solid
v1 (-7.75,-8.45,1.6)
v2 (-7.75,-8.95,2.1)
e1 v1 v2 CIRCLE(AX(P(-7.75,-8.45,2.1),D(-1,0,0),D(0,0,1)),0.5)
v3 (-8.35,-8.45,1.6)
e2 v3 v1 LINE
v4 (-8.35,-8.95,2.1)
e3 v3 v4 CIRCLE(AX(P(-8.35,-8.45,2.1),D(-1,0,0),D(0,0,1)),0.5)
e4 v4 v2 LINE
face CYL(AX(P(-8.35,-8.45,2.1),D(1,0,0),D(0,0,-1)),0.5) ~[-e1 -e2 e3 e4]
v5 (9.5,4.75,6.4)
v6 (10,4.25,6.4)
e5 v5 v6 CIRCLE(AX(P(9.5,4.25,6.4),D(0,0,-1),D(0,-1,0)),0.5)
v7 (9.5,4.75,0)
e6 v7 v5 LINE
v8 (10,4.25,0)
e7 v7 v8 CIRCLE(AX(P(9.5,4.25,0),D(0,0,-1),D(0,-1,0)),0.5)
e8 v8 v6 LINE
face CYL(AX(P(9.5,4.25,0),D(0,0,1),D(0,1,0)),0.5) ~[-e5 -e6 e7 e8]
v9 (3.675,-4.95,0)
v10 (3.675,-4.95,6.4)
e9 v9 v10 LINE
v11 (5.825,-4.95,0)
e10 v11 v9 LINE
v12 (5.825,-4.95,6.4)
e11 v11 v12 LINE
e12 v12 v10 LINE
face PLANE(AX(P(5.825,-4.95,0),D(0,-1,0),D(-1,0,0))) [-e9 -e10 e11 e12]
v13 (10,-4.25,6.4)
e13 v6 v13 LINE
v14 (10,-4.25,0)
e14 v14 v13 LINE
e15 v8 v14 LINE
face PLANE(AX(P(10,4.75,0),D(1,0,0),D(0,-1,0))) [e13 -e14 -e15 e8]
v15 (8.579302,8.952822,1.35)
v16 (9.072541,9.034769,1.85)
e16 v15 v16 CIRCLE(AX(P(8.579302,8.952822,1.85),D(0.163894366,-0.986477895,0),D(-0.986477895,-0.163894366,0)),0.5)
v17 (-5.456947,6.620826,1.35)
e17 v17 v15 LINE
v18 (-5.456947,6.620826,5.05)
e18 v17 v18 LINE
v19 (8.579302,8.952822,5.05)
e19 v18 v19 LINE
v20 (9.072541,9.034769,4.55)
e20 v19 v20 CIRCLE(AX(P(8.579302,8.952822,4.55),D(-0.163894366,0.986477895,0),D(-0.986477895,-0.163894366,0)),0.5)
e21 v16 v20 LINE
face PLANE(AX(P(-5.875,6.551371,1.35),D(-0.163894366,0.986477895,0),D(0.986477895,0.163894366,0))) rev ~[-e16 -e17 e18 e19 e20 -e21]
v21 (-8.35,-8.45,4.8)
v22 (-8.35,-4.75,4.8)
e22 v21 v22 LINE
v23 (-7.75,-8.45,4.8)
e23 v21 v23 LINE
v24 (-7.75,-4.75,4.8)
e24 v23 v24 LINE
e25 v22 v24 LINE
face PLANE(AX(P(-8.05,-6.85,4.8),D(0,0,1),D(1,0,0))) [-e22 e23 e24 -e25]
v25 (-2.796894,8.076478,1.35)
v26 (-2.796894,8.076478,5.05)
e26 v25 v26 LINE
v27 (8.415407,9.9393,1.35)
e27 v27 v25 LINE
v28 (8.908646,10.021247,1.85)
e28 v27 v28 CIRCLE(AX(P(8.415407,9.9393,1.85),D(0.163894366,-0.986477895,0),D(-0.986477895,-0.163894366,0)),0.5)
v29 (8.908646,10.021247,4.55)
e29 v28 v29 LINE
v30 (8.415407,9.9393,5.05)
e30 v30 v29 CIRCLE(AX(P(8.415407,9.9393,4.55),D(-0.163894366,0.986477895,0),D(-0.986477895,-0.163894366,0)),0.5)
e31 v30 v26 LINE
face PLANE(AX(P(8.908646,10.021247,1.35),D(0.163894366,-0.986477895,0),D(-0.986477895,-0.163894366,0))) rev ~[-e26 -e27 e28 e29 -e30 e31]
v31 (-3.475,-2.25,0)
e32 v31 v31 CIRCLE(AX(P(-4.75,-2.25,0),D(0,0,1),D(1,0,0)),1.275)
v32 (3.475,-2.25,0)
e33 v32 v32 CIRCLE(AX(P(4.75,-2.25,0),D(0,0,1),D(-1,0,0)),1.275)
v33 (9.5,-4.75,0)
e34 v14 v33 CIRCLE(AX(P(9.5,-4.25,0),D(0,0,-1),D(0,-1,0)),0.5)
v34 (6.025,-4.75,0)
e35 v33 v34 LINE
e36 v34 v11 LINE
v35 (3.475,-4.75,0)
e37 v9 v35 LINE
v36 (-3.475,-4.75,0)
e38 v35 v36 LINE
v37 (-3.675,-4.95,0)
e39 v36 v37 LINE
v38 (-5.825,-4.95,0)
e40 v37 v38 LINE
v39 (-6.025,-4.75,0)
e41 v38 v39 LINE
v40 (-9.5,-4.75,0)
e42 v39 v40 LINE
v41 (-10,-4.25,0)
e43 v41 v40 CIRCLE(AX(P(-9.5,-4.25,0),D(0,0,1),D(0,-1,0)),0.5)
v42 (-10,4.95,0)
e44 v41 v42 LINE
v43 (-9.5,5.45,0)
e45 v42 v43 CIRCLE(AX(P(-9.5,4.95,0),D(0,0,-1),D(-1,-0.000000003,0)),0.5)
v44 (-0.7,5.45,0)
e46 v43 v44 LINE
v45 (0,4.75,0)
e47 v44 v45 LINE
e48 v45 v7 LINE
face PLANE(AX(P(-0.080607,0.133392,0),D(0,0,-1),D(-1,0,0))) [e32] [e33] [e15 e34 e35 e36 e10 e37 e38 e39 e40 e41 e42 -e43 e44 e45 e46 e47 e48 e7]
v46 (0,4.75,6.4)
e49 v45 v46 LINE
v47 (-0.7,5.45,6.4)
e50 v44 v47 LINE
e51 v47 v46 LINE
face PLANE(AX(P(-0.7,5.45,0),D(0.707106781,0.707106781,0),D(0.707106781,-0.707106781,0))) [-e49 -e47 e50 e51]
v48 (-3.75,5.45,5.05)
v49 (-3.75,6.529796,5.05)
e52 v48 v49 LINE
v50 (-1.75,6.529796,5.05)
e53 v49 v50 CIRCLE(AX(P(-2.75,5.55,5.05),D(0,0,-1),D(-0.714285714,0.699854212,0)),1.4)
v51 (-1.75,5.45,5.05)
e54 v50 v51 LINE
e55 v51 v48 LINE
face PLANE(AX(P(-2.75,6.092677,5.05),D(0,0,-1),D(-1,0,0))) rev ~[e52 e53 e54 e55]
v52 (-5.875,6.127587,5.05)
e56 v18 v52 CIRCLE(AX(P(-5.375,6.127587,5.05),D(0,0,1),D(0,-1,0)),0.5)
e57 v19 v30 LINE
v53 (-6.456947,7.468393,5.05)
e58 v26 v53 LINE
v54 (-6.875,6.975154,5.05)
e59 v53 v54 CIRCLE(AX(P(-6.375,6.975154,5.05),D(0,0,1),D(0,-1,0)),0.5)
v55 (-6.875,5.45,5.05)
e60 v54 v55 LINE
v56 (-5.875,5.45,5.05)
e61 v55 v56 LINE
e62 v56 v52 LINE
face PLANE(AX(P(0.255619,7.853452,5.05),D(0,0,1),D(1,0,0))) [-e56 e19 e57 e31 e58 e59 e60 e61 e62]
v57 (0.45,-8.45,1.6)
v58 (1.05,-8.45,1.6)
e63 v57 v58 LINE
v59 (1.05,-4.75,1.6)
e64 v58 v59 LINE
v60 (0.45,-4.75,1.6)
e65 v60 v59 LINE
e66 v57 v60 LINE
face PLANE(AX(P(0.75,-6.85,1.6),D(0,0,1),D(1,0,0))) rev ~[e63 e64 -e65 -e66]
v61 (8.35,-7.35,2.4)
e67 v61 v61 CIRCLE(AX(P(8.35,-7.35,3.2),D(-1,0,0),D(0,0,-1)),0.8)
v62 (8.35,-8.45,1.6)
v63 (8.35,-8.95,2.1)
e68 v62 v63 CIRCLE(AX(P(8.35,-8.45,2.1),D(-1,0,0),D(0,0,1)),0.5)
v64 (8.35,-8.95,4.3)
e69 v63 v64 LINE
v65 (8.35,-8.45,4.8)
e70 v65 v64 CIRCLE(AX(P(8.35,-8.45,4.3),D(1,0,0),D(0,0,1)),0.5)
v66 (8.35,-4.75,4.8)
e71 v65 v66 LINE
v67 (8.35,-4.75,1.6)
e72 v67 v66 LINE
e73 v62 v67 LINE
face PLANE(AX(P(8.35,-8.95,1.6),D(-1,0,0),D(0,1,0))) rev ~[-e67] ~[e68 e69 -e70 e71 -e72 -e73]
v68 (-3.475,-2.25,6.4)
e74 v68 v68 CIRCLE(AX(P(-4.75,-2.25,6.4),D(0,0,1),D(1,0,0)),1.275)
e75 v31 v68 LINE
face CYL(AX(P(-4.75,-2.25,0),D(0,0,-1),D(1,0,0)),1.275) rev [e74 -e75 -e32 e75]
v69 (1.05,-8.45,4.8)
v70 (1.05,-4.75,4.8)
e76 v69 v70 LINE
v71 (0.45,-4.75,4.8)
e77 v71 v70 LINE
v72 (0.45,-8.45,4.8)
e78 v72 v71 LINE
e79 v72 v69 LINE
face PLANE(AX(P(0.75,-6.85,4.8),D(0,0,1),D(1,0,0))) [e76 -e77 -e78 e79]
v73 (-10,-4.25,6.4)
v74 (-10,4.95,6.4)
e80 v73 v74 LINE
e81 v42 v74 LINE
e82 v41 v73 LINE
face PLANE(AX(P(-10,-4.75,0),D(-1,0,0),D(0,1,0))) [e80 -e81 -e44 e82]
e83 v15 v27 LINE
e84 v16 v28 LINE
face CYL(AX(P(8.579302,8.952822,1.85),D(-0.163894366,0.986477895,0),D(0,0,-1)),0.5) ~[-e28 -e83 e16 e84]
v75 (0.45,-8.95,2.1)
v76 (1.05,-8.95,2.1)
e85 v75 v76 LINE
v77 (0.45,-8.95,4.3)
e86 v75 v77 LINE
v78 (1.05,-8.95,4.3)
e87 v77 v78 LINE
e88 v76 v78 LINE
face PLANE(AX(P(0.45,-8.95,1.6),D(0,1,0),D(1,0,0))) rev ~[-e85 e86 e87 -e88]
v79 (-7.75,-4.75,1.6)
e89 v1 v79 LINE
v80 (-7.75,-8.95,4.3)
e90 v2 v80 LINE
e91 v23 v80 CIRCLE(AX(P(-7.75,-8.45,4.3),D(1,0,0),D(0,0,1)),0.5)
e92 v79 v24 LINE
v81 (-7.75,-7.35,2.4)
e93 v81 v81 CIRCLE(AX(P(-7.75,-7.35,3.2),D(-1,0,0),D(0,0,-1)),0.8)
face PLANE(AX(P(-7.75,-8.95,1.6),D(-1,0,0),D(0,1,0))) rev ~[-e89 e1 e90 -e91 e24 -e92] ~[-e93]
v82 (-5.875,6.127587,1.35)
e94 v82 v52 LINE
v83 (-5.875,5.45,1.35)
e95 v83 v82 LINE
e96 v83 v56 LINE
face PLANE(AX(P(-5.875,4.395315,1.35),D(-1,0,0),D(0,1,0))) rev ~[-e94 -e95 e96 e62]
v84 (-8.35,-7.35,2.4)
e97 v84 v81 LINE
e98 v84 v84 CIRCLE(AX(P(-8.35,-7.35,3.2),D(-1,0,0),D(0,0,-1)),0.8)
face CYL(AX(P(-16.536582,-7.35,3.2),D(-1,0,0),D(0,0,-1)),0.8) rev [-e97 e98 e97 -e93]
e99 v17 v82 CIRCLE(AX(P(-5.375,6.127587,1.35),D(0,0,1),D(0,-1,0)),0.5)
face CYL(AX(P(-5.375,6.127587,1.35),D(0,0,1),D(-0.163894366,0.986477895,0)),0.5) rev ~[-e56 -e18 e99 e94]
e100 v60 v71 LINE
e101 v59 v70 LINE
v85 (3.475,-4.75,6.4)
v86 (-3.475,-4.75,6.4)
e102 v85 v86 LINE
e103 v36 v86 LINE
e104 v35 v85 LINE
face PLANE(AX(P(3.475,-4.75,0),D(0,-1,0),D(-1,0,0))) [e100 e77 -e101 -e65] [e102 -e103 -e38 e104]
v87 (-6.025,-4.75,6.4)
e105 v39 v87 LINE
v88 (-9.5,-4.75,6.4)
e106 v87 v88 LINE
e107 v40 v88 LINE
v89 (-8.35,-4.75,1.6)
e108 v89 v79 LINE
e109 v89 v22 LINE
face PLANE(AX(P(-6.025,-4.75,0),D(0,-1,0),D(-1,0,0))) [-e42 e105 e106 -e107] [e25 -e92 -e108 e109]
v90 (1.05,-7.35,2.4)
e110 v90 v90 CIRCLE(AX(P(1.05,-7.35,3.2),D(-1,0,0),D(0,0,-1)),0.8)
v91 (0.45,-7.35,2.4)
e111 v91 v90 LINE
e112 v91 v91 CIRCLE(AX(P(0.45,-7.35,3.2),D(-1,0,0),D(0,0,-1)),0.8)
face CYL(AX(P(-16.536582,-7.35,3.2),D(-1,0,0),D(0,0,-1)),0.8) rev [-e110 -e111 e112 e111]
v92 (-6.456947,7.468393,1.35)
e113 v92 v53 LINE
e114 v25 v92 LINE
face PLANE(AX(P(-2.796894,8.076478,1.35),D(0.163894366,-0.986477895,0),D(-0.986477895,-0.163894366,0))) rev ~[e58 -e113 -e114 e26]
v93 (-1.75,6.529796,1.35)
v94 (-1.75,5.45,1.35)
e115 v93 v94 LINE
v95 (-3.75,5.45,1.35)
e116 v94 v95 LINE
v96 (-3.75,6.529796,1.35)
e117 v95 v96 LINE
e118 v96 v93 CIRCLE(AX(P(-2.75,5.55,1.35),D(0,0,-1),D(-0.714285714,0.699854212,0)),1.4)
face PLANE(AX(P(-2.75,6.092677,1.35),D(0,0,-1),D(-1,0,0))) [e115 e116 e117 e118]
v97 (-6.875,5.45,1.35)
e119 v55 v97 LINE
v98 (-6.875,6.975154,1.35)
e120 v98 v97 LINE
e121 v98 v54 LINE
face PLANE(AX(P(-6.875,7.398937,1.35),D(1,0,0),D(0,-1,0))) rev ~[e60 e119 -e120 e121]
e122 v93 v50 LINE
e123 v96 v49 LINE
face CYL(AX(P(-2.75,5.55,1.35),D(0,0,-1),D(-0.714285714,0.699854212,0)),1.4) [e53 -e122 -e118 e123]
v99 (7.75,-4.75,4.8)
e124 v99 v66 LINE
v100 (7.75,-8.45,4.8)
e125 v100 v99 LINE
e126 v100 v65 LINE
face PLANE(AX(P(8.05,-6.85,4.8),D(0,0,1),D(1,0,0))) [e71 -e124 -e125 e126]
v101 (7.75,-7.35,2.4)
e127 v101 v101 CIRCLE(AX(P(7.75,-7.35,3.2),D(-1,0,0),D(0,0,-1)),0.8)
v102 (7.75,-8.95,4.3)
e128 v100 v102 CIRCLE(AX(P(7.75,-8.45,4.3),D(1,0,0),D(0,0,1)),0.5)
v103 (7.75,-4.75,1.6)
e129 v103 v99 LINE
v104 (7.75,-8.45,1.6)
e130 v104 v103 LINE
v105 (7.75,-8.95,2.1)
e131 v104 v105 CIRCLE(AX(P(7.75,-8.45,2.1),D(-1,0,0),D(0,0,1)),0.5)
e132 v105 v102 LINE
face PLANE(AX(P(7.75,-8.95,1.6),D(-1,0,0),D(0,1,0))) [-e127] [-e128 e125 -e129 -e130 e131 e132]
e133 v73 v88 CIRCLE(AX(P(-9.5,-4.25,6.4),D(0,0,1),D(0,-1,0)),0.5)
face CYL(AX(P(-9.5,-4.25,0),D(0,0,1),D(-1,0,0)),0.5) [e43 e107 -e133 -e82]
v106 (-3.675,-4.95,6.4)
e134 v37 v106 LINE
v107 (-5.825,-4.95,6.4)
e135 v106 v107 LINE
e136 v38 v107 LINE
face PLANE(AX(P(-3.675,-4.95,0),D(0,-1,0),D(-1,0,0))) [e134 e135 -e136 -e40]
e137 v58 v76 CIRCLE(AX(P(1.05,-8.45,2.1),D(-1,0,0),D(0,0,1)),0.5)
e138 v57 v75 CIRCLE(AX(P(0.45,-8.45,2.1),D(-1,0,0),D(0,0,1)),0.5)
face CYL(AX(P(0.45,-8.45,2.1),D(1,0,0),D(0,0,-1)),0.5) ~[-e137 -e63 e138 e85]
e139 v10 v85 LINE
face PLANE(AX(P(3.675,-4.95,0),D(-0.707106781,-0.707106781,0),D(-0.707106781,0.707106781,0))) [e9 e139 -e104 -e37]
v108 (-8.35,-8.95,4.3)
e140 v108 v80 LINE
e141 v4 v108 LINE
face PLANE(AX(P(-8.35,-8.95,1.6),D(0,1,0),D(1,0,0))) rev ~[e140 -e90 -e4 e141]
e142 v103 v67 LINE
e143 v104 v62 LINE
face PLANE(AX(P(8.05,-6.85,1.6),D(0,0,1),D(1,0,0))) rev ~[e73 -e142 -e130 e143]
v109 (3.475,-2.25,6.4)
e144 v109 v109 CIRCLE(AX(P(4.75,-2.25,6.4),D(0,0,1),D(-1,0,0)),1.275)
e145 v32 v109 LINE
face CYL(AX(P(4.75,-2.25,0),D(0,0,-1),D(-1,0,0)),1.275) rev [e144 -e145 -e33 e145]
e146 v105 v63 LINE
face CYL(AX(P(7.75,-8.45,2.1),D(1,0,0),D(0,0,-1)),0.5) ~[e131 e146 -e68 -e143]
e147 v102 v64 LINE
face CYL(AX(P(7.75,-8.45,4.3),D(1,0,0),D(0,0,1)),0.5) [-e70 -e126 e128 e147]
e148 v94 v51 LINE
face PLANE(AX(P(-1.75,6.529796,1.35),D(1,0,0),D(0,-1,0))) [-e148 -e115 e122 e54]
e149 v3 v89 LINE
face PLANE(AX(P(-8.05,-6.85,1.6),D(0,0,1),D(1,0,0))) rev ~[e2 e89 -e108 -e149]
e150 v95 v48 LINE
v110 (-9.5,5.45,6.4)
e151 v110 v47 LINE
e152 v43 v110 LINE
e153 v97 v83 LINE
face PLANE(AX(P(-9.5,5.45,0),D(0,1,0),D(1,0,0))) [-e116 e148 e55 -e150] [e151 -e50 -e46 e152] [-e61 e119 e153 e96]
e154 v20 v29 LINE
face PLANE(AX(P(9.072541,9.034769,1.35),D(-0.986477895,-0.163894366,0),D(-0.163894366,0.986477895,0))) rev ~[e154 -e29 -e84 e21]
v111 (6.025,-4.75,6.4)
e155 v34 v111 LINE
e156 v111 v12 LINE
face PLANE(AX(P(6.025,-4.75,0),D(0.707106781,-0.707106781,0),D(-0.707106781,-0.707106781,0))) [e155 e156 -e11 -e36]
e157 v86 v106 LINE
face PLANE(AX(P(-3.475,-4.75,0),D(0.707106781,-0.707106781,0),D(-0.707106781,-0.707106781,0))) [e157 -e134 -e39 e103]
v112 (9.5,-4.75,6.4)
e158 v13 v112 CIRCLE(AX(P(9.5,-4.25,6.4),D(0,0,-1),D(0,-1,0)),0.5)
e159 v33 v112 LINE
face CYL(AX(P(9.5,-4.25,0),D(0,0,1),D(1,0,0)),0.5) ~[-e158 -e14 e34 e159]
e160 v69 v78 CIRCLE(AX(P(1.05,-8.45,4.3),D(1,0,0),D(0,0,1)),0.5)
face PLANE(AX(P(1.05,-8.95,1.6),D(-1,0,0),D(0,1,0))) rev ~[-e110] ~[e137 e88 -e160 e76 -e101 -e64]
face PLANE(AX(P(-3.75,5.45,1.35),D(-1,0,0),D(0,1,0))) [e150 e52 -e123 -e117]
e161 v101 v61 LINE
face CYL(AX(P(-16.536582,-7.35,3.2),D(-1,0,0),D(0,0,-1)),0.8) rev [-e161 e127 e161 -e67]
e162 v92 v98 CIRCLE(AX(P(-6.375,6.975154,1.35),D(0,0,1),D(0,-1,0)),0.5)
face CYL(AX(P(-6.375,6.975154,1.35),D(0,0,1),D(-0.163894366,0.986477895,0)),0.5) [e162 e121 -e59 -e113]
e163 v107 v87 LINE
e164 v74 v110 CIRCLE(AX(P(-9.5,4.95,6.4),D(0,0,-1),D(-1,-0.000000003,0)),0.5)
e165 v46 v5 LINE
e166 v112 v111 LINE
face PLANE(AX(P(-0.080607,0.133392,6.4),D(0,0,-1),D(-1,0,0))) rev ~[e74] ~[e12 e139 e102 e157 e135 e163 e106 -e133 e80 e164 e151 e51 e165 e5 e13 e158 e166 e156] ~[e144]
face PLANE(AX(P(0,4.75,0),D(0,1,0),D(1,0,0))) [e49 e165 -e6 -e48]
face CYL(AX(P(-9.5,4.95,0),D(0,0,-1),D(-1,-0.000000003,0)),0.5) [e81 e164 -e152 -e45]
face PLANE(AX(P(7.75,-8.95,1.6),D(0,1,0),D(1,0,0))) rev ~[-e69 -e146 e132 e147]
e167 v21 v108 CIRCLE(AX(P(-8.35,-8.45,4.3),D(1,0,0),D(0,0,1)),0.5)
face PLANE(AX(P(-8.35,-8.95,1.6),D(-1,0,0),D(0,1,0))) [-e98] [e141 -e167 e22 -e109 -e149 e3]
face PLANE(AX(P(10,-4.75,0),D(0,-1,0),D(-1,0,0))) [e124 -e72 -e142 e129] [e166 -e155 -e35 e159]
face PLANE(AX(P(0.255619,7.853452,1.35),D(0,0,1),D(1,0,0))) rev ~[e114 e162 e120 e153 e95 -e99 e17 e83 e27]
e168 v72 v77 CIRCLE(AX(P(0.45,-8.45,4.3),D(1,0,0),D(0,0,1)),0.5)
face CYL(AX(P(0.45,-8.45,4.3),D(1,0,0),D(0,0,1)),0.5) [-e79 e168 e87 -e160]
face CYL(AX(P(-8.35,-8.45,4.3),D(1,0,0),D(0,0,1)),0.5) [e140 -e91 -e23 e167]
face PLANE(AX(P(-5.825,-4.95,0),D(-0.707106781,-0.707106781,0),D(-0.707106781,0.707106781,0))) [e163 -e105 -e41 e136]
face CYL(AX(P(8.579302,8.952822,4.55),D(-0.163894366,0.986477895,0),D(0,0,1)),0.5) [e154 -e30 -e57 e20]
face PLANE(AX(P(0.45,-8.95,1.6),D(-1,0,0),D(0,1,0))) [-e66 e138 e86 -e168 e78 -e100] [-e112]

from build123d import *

# Parameters (mm, degrees)
SKETCH_1_R               = 1.275
EXTRUDE_1_DEPTH          = 6.4
FILLET_1_R               = 0.5
EXTRUDE_2_DEPTH          = 1.6
EXTRUDE_2_DEPTH_BACK     = 1.6
SKETCH_2_W               = 0.6
SKETCH_2_H               = 4.2
EXTRUDE_3_DEPTH          = 1.85
EXTRUDE_3_DEPTH_BACK     = 1.85
EXTRUDE_7_DEPTH          = 1.85
EXTRUDE_7_DEPTH_BACK     = 1.85
FILLET_2_R               = 0.5
FILLET_3_R               = 0.5
CUT_EXTRUDE_1_DEPTH      = 16.536582441
CUT_EXTRUDE_1_DEPTH_BACK = 16.536582441
SKETCH_5_R               = 0.8


with BuildPart() as part:
    # 草图1 → 凸台-拉伸1 (new body)
    with BuildSketch(Plane.XY):
        with BuildLine():
            Line((-10, -4.75), (-10, 4.75))
            Line((-10, 4.75), (-10, 4.95))
            ThreePointArc((-10, 4.95), (-9.853553391, 5.303553391), (-9.5, 5.45))
            Line((-9.5, 5.45), (-0.7, 5.45))
            Line((-0.7, 5.45), (0, 4.75))
            Line((0, 4.75), (10, 4.75))
            Line((10, 4.75), (10, -4.75))
            Line((10, -4.75), (6.025, -4.75))
            Line((6.025, -4.75), (5.825, -4.95))
            Line((5.825, -4.95), (3.675, -4.95))
            Line((3.675, -4.95), (3.475, -4.75))
            Line((3.475, -4.75), (-3.475, -4.75))
            Line((-3.475, -4.75), (-3.675, -4.95))
            Line((-3.675, -4.95), (-5.825, -4.95))
            Line((-5.825, -4.95), (-6.025, -4.75))
            Line((-6.025, -4.75), (-10, -4.75))
        make_face()
        with Locations((-4.75, -2.25)):
            Circle(SKETCH_1_R, mode=Mode.SUBTRACT)
        with Locations(Location((4.75, -2.25, 0), (0, 0, 180))):
            Circle(SKETCH_1_R, mode=Mode.SUBTRACT)
    extrude(amount=EXTRUDE_1_DEPTH)

    # 圆角1
    fillet_1_edges = [part.edges().sort_by_distance(p)[0] for p in [
        (10, 4.75, 3.2),
        (10, -4.75, 3.2),
        (-10, -4.75, 3.2),
    ]]
    fillet(fillet_1_edges, radius=FILLET_1_R)

    # 草图2 → 凸台-拉伸2 (add, two sides: drawn at the far end of the back side and taken through both)
    with BuildSketch(Plane.XY.offset(3.2).offset(-EXTRUDE_2_DEPTH_BACK)):
        with Locations((-8.05, -6.85)):
            Rectangle(SKETCH_2_W, SKETCH_2_H)
        with Locations((0.75, -6.85)):
            Rectangle(SKETCH_2_W, SKETCH_2_H)
        with Locations((8.05, -6.85)):
            Rectangle(SKETCH_2_W, SKETCH_2_H)
    extrude(amount=EXTRUDE_2_DEPTH + EXTRUDE_2_DEPTH_BACK)

    # 草图3 → 凸台-拉伸3 (add, two sides: drawn at the far end of the back side and taken through both)
    with BuildSketch(Plane.XY.offset(3.2).offset(-EXTRUDE_3_DEPTH_BACK)):
        with BuildLine():
            ThreePointArc((-3.75, 6.529795897), (-2.75, 6.95), (-1.75, 6.529795897))
            Line((-1.75, 6.529795897), (-1.75, 5.45))
            Line((-1.75, 5.45), (-3.75, 5.45))
            Line((-3.75, 5.45), (-3.75, 6.529795897))
        make_face()
    extrude(amount=EXTRUDE_3_DEPTH + EXTRUDE_3_DEPTH_BACK)

    # 草图4 → 凸台-拉伸7 (add, two sides: drawn at the far end of the back side and taken through both)
    with BuildSketch(Plane.XY.offset(3.2).offset(-EXTRUDE_7_DEPTH_BACK)):
        Polygon((-2.796894142, 8.076477611), (-6.875, 7.398937263), (-6.875, 5.45), (-6.875, 4.395314544), (-5.875, 4.395314544), (-5.875, 5.45), (-5.875, 6.45), (-5.875, 6.551370746), (9.072540681, 9.03476923), (8.908646315, 10.021247125), align=None)
    extrude(amount=EXTRUDE_7_DEPTH + EXTRUDE_7_DEPTH_BACK)

    # 圆角2
    fillet_2_edges = [part.edges().sort_by_distance(p)[0] for p in [
        (-5.875, 6.551370746, 3.2),
        (8.990593498, 9.528008177, 5.05),
        (-6.875, 7.398937263, 3.2),
        (8.990593498, 9.528008177, 1.35),
    ]]
    fillet(fillet_2_edges, radius=FILLET_2_R)

    # 圆角3
    fillet_3_edges = [part.edges().sort_by_distance(p)[0] for p in [
        (-8.05, -8.95, 1.6),
        (-8.05, -8.95, 4.8),
        (0.75, -8.95, 1.6),
        (0.75, -8.95, 4.8),
        (8.05, -8.95, 1.6),
        (8.05, -8.95, 4.8),
    ]]
    fillet(fillet_3_edges, radius=FILLET_3_R)

    # 草图5 → 切除-拉伸1 (cut, two sides: drawn at the far end of the back side and taken through both)
    with BuildSketch(Plane(origin=(0, 0, 0), x_dir=(0, 0, -1), z_dir=(1, 0, 0)).offset(-CUT_EXTRUDE_1_DEPTH_BACK)):
        with Locations((-3.2, -7.35)):
            Circle(SKETCH_5_R)
    extrude(amount=CUT_EXTRUDE_1_DEPTH + CUT_EXTRUDE_1_DEPTH_BACK, mode=Mode.SUBTRACT)


solid = part.part
